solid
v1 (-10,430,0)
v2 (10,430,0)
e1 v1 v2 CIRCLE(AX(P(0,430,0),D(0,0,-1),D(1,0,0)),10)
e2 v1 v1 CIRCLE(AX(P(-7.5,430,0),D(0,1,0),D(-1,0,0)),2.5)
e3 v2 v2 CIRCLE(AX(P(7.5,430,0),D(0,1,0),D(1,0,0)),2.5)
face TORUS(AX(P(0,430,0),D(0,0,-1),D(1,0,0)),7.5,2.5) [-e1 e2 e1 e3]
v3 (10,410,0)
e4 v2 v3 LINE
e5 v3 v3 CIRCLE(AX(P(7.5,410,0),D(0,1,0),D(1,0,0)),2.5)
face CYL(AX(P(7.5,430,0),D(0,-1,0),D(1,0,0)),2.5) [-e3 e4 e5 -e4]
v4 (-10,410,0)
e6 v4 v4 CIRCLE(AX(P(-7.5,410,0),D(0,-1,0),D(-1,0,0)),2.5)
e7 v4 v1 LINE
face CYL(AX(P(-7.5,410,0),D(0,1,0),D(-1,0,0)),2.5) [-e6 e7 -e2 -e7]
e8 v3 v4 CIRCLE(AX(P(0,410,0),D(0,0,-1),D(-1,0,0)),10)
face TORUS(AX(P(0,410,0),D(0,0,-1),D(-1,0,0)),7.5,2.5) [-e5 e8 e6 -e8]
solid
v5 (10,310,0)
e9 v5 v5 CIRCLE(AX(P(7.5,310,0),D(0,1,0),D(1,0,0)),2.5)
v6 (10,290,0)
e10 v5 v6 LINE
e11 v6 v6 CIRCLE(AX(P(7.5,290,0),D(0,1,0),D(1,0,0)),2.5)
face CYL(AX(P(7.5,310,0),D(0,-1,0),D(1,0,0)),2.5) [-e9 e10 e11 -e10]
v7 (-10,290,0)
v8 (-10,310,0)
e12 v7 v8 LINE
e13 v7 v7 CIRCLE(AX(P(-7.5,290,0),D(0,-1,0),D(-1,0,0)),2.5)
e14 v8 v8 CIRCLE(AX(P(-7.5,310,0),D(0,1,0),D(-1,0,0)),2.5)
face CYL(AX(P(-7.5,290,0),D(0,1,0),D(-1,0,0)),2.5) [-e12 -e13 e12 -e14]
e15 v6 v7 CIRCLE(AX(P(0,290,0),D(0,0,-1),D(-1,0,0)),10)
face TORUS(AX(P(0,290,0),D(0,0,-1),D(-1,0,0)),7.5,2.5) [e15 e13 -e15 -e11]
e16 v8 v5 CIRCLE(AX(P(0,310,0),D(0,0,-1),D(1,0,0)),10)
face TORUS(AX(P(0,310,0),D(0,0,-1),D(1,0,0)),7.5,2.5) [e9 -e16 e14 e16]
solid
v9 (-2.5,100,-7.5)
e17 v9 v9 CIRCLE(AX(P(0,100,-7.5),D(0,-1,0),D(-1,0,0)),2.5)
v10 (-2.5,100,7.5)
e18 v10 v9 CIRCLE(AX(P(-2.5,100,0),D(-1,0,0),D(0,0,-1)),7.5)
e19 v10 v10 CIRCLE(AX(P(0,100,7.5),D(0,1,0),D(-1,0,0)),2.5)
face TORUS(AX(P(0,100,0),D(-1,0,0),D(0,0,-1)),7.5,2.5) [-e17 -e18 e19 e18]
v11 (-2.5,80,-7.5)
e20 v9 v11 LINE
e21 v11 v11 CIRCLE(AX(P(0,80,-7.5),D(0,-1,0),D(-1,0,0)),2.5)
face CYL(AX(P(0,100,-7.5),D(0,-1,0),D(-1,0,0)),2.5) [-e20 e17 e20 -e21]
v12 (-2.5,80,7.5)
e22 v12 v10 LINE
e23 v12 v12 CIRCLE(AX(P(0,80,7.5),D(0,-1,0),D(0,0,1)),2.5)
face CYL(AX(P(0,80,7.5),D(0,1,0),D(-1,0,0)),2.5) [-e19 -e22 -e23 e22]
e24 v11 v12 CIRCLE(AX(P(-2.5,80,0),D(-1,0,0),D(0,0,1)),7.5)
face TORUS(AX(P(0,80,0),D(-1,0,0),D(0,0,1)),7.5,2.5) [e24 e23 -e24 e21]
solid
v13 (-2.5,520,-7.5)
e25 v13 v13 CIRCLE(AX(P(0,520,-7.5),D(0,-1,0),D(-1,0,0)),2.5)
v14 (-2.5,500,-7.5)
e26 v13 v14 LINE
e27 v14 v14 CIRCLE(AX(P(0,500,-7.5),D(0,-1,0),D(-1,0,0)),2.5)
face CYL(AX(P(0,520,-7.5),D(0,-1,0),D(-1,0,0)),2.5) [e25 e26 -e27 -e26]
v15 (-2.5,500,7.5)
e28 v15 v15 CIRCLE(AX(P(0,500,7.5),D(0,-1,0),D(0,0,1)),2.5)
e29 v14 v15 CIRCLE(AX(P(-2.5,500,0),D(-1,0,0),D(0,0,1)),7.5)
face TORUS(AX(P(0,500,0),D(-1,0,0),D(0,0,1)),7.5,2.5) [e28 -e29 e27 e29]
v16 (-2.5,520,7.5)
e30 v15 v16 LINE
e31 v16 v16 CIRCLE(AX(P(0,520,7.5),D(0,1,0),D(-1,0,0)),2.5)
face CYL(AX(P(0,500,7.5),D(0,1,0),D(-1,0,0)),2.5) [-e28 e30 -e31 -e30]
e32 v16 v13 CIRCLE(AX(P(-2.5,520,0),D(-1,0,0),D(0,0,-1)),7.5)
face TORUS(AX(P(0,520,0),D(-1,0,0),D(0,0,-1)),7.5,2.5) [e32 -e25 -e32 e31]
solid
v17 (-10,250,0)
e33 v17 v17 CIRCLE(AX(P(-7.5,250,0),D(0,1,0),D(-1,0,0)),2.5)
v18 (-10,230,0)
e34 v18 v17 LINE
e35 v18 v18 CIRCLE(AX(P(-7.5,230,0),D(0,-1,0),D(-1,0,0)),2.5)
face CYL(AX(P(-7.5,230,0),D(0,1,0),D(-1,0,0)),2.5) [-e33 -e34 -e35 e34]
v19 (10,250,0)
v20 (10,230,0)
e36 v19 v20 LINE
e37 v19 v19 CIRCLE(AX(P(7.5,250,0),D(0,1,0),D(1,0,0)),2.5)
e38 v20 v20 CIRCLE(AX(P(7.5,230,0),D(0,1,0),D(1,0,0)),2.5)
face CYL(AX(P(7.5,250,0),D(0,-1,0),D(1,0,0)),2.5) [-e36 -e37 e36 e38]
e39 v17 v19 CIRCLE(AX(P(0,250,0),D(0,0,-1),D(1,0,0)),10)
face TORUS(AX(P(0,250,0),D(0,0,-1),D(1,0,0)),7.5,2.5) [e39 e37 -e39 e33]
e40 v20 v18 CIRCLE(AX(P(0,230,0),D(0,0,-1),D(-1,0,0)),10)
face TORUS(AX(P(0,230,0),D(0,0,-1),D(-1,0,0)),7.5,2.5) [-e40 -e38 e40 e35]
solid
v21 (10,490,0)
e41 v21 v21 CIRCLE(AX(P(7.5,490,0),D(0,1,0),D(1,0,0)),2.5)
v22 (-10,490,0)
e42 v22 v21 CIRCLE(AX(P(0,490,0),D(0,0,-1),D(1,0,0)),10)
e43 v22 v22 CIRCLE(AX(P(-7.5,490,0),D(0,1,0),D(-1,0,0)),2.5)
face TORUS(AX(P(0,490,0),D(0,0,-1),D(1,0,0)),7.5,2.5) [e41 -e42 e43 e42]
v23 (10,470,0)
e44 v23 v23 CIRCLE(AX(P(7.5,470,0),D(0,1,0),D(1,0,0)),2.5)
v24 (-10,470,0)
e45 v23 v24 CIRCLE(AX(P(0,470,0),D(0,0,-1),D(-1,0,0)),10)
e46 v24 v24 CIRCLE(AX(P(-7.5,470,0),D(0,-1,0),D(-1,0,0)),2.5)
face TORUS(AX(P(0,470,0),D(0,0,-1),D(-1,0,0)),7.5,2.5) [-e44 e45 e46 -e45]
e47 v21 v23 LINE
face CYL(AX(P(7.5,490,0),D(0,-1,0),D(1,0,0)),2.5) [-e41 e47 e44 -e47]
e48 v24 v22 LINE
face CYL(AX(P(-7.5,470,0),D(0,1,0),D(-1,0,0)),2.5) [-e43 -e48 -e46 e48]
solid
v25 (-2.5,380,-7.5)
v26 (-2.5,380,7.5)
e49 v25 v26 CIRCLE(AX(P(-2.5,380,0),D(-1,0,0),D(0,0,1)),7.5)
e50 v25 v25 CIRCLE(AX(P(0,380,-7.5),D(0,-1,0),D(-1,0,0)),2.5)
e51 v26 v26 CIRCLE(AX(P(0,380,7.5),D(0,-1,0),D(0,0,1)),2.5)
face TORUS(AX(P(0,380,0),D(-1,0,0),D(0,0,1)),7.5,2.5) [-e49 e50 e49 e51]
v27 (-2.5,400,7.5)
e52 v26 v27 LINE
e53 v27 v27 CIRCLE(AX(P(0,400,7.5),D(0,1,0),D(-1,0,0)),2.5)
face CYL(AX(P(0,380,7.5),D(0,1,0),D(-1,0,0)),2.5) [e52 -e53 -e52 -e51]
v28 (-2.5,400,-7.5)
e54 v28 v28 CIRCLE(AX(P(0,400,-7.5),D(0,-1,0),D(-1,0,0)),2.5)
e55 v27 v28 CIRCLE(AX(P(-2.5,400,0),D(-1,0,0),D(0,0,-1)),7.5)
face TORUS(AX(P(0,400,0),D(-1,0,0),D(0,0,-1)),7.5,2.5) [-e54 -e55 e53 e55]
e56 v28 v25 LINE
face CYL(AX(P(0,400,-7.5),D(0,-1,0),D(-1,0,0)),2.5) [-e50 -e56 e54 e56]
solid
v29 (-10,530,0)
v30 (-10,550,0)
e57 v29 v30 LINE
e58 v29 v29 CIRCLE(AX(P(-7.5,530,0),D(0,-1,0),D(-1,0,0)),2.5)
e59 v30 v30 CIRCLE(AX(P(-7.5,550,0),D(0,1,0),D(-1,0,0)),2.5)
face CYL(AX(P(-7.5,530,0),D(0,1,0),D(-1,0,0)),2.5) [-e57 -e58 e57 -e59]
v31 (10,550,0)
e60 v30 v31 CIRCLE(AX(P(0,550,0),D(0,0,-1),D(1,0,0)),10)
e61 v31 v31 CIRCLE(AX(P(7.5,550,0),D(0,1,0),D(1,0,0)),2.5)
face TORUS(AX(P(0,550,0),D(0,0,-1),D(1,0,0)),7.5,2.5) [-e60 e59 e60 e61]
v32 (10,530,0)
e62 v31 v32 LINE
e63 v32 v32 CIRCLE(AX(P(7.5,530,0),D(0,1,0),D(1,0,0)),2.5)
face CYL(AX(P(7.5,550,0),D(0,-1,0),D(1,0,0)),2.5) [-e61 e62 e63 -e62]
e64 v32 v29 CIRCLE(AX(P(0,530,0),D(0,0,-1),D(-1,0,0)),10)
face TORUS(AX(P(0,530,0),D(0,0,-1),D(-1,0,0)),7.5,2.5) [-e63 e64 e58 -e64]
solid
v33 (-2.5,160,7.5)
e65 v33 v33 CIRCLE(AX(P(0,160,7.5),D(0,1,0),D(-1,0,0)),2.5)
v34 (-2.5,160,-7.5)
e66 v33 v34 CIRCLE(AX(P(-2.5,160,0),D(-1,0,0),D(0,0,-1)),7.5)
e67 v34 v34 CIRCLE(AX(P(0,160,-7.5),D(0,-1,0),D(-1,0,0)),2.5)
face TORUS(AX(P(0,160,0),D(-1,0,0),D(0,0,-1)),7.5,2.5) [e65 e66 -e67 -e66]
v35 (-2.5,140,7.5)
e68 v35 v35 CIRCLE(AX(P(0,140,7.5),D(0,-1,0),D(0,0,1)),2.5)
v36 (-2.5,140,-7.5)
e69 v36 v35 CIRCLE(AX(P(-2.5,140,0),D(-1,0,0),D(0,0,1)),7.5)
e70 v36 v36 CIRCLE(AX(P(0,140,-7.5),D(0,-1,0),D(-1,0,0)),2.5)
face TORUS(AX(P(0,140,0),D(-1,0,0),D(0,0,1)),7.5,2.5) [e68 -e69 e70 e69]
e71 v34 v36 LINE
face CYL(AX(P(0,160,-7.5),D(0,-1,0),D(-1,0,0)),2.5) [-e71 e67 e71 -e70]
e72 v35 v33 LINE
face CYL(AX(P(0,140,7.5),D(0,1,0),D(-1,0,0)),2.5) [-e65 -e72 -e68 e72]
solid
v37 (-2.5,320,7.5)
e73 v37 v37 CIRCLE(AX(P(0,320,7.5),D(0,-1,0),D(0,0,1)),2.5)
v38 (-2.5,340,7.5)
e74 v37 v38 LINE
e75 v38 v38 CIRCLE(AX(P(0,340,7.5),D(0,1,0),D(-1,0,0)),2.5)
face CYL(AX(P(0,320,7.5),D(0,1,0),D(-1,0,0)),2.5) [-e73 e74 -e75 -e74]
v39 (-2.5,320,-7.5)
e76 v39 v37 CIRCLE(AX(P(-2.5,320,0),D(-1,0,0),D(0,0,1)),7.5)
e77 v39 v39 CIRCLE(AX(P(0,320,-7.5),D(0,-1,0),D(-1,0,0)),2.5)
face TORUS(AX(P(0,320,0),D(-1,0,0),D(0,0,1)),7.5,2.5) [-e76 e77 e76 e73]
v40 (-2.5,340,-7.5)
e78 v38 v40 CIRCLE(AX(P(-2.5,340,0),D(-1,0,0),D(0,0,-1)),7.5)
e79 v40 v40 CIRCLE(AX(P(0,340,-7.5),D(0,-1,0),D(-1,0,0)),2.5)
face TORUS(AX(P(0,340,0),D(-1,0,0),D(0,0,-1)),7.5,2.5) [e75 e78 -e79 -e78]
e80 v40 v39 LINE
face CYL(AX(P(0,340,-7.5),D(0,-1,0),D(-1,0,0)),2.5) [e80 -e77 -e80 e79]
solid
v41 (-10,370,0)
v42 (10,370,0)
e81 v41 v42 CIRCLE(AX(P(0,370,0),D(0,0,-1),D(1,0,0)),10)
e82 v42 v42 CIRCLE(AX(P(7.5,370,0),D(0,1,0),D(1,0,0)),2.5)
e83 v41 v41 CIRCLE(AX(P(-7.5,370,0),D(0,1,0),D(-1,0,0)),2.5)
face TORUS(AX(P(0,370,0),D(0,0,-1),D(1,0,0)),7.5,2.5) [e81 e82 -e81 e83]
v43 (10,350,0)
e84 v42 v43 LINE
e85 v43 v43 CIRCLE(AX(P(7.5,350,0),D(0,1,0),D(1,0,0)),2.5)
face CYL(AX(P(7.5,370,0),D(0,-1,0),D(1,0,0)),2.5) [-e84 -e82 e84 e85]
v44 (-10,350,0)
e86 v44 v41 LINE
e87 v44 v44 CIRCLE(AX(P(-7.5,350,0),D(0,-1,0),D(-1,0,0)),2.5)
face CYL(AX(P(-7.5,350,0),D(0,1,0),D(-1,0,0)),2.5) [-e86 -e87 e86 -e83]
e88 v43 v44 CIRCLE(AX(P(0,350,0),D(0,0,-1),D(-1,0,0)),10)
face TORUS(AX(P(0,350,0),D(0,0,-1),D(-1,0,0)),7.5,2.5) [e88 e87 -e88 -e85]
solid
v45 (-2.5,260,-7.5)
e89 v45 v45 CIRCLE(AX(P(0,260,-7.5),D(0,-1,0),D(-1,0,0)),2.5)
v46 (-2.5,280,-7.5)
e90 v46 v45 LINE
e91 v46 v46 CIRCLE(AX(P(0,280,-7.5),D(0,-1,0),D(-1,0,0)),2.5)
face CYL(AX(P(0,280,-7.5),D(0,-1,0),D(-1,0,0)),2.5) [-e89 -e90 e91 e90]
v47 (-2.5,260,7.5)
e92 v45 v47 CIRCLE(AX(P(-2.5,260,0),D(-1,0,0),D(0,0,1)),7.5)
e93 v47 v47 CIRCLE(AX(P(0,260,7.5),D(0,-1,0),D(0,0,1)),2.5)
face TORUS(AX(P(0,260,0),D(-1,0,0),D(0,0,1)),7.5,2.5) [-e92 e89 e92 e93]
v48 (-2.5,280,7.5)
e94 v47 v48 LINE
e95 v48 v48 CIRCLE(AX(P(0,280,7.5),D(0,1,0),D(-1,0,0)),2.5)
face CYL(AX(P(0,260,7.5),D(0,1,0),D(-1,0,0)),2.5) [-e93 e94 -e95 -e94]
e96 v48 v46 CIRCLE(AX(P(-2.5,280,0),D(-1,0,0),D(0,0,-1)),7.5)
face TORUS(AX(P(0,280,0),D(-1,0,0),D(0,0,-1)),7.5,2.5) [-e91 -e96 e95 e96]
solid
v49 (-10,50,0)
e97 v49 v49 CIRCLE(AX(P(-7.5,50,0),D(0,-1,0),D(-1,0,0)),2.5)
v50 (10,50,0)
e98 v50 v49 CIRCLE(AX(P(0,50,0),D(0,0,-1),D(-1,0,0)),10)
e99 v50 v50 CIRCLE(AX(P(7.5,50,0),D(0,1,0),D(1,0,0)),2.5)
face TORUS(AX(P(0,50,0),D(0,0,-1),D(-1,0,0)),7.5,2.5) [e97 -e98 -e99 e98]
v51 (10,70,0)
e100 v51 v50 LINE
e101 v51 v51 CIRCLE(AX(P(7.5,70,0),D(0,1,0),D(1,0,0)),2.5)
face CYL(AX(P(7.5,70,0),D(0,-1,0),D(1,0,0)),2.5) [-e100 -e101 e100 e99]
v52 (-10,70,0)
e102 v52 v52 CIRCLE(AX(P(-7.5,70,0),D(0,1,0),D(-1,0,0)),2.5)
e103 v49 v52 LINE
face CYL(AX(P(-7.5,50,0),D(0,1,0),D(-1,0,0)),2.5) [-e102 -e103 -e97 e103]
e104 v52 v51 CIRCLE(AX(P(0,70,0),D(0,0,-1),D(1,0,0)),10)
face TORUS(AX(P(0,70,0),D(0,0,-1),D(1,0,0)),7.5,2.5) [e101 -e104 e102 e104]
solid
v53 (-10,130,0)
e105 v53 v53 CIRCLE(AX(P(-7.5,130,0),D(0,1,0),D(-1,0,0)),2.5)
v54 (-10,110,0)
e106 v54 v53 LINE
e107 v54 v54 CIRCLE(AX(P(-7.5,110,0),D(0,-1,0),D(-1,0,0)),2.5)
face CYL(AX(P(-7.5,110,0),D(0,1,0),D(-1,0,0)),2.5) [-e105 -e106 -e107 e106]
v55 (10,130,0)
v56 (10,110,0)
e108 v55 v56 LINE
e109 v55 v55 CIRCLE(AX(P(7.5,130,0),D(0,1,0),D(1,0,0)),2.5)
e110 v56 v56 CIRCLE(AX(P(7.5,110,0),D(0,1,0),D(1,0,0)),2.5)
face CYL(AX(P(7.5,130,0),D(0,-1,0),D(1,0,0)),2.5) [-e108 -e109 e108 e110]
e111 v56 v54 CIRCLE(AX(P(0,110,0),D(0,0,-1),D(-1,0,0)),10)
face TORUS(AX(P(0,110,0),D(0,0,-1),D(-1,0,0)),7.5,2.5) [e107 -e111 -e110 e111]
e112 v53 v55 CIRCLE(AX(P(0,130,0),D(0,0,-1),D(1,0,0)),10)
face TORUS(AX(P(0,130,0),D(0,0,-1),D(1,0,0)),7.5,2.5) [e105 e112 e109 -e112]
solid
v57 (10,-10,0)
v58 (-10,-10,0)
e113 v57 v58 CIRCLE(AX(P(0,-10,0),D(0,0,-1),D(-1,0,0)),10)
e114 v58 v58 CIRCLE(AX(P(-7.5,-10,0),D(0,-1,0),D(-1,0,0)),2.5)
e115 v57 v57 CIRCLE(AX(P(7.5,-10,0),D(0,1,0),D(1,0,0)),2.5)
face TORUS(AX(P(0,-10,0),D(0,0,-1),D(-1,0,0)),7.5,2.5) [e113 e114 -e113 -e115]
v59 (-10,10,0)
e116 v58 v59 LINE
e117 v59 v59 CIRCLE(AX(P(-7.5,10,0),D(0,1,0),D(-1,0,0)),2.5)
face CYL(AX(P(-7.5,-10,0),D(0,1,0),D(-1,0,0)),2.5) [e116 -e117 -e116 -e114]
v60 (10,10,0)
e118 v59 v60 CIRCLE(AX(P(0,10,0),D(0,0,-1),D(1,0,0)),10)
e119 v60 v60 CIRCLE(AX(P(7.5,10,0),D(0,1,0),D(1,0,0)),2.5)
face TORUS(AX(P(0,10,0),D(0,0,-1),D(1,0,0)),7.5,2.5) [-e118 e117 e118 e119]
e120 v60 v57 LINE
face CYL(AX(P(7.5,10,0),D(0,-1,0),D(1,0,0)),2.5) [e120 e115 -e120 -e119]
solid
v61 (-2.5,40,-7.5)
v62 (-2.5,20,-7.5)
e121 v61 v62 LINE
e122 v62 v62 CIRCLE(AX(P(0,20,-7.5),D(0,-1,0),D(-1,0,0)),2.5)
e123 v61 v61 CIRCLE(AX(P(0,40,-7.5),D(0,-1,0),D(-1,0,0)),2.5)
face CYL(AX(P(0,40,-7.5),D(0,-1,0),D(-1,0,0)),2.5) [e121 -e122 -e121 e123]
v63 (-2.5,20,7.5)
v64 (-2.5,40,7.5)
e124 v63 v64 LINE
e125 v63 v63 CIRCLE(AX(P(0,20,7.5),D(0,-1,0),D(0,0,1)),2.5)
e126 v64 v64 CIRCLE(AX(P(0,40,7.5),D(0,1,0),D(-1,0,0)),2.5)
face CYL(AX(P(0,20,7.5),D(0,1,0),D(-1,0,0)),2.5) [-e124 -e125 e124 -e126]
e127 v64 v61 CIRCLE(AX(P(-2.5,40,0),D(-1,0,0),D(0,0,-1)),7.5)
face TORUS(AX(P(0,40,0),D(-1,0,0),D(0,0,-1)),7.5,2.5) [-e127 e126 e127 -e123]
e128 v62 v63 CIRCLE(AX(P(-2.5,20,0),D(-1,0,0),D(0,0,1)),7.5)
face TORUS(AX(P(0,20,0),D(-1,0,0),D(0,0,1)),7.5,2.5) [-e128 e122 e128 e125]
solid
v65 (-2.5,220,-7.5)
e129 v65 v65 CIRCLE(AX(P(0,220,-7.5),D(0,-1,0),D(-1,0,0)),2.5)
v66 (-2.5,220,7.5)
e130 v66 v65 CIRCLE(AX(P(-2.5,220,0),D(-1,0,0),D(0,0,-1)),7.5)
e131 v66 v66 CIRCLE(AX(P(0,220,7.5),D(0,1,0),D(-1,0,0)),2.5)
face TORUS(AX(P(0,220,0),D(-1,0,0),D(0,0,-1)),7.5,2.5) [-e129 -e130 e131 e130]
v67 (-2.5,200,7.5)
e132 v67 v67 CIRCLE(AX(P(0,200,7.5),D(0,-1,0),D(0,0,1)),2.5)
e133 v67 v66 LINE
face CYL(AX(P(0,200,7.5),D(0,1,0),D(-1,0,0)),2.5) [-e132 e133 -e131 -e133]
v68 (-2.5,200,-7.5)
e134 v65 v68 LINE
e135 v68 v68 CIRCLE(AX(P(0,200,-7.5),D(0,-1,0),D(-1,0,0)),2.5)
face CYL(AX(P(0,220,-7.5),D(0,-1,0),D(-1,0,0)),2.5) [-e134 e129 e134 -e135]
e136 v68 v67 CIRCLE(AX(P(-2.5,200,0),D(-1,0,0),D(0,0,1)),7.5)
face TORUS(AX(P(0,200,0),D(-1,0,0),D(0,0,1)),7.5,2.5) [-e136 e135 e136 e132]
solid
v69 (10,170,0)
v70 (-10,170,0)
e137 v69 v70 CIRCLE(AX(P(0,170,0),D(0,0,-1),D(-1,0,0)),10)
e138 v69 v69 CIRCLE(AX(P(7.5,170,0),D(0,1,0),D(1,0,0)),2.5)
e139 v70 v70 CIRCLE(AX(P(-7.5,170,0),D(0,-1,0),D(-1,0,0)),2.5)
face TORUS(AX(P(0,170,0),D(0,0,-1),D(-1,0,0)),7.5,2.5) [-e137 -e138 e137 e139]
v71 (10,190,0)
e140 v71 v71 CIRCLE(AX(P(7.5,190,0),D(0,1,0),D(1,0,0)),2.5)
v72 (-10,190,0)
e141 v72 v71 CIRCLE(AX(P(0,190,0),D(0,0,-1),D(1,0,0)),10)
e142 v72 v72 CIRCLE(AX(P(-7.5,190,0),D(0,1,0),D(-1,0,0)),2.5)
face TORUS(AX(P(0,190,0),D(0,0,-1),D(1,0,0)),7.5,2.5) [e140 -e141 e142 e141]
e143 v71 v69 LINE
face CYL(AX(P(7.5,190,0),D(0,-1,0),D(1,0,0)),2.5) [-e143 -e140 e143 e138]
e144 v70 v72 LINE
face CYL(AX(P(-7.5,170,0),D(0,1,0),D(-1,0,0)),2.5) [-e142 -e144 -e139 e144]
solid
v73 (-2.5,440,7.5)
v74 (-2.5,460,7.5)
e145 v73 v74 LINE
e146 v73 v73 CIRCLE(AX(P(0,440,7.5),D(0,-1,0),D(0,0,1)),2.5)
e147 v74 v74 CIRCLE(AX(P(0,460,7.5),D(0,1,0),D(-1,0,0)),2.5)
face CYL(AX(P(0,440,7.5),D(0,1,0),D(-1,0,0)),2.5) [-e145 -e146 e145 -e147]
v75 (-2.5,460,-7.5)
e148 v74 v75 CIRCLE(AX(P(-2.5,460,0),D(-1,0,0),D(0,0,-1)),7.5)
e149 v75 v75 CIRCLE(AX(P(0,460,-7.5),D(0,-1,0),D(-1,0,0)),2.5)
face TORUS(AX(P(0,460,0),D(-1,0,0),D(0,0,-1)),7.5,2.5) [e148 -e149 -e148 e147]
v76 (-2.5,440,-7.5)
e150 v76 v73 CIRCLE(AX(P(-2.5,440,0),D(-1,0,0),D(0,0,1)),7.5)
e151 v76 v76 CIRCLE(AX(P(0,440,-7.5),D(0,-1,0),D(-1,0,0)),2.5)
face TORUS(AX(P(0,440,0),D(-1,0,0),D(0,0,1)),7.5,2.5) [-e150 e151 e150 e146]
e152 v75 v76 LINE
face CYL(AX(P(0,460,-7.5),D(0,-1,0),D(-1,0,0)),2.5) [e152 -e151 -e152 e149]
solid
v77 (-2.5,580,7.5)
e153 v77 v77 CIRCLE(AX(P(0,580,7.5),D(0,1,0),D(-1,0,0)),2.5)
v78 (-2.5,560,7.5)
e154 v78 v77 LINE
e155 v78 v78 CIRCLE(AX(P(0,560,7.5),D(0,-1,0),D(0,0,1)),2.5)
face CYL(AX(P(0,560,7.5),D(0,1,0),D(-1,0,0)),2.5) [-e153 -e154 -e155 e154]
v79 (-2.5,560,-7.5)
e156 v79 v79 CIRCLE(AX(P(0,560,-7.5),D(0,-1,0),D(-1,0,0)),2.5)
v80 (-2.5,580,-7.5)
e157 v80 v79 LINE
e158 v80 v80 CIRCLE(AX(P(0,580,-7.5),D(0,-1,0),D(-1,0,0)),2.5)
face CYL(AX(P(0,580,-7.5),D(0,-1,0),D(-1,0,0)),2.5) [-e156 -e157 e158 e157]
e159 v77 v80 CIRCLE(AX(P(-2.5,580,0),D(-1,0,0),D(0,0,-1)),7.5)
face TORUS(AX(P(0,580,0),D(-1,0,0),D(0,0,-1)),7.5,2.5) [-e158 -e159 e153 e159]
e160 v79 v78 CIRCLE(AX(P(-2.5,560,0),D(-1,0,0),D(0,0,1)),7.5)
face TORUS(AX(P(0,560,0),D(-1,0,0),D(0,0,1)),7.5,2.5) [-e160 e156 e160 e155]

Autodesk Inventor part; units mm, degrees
ref_plane "YZ Plane" through (0, 0, 0) normal (1, 0, 0) x (0, 1, 0)
ref_plane "XZ Plane" through (0, 0, 0) normal (0, 1, 0) x (-1, 0, 0)
sketch "スケッチ1" plane through (0, 0, 0) normal (0, 0, 1) x (1, 0, 0)
  line L0 (0, -10) -> (0, 10) construction
  line L1 (-7.5, -10) -> (-7.5, 10)
  line L2 (7.5, 10) -> (7.5, -10)
  arc A0 (-7.5, -10) -> (7.5, -10) centre (0, -10) ccw
  arc A1 (7.5, 10) -> (-7.5, 10) centre (0, 10) ccw
  point P0 (0, 0)
  dimension "d0" = 20
  dimension "d1" = 15
sketch "スケッチ2" plane through (0, 0, 0) normal (0, 1, 0) x (-1, 0, 0)
  circle A0 centre (7.5, 0) radius 2.5
  point P0 (0, 0)
  point P1 (7.5, 0)
  point P2 (7.5, 0)
  point P3 (7.5, 0)
  dimension "d2" = 5
sweep "スイープ1" add profiles "スケッチ2" path "スケッチ1"
sketch "スケッチ3" plane through (0, 0, 0) normal (1, 0, 0) x (0, 1, 0)
  arc A0 (17.5, -2.5) -> (17.5, 2.5) centre (17.5, 0) ccw projected
  line L0 (20, 0) -> (40, 0) construction
  line L1 (20, 7.5) -> (40, 7.5)
  line L2 (40, -7.5) -> (20, -7.5)
  arc A1 (20, 7.5) -> (20, -7.5) centre (20, 0) ccw
  arc A2 (40, -7.5) -> (40, 7.5) centre (40, 0) ccw
  arc A3 (17.5, 2.5) -> (17.5, -2.5) centre (17.5, 0) ccw projected
  point P0 (0, 0)
  point P1 (30, 0)
  point P2 (12.5, 0)
  point P3 (15, 0)
  dimension "d5" = 20
  dimension "d6" = 15
  dimension "d7" = 2.5
ref_plane "作業平面1" through (0, 20, 7.5) normal (0, 1, 0) x (-1, 0, 0)
sketch "スケッチ4" plane through (0, 20, 7.5) normal (0, 1, 0) x (-1, 0, 0)
  circle A0 centre (0, 0) radius 2.5
  point P0 (0, -7.5)
  dimension "d8" = 5
sweep "スイープ2" add profiles "スケッチ4" path "スケッチ3" path curves L1 A2 L2 A1
pattern_linear "矩形状パターン1" count 10 spacing 60 along (0, 1, 0) of "スイープ1", "スイープ2"
equation "\"d0\" = -d1 + LD - DD"
equation "\"d1\" = WD"
equation "\"d2\" = DD"
equation "\"d5\" = d0"
equation "\"d6\" = d1"
equation "\"d7\" = 0.5 * d2"
equation "\"d8\" = d2"
equation "\"d13\" = 2 * d1 + 2 * d0 - 2 * d2"
equation "\"LD\" = 40"
equation "\"WD\" = 15"
equation "\"DD\" = 5"
properties part number "リンクチェーン" material "SS400"
